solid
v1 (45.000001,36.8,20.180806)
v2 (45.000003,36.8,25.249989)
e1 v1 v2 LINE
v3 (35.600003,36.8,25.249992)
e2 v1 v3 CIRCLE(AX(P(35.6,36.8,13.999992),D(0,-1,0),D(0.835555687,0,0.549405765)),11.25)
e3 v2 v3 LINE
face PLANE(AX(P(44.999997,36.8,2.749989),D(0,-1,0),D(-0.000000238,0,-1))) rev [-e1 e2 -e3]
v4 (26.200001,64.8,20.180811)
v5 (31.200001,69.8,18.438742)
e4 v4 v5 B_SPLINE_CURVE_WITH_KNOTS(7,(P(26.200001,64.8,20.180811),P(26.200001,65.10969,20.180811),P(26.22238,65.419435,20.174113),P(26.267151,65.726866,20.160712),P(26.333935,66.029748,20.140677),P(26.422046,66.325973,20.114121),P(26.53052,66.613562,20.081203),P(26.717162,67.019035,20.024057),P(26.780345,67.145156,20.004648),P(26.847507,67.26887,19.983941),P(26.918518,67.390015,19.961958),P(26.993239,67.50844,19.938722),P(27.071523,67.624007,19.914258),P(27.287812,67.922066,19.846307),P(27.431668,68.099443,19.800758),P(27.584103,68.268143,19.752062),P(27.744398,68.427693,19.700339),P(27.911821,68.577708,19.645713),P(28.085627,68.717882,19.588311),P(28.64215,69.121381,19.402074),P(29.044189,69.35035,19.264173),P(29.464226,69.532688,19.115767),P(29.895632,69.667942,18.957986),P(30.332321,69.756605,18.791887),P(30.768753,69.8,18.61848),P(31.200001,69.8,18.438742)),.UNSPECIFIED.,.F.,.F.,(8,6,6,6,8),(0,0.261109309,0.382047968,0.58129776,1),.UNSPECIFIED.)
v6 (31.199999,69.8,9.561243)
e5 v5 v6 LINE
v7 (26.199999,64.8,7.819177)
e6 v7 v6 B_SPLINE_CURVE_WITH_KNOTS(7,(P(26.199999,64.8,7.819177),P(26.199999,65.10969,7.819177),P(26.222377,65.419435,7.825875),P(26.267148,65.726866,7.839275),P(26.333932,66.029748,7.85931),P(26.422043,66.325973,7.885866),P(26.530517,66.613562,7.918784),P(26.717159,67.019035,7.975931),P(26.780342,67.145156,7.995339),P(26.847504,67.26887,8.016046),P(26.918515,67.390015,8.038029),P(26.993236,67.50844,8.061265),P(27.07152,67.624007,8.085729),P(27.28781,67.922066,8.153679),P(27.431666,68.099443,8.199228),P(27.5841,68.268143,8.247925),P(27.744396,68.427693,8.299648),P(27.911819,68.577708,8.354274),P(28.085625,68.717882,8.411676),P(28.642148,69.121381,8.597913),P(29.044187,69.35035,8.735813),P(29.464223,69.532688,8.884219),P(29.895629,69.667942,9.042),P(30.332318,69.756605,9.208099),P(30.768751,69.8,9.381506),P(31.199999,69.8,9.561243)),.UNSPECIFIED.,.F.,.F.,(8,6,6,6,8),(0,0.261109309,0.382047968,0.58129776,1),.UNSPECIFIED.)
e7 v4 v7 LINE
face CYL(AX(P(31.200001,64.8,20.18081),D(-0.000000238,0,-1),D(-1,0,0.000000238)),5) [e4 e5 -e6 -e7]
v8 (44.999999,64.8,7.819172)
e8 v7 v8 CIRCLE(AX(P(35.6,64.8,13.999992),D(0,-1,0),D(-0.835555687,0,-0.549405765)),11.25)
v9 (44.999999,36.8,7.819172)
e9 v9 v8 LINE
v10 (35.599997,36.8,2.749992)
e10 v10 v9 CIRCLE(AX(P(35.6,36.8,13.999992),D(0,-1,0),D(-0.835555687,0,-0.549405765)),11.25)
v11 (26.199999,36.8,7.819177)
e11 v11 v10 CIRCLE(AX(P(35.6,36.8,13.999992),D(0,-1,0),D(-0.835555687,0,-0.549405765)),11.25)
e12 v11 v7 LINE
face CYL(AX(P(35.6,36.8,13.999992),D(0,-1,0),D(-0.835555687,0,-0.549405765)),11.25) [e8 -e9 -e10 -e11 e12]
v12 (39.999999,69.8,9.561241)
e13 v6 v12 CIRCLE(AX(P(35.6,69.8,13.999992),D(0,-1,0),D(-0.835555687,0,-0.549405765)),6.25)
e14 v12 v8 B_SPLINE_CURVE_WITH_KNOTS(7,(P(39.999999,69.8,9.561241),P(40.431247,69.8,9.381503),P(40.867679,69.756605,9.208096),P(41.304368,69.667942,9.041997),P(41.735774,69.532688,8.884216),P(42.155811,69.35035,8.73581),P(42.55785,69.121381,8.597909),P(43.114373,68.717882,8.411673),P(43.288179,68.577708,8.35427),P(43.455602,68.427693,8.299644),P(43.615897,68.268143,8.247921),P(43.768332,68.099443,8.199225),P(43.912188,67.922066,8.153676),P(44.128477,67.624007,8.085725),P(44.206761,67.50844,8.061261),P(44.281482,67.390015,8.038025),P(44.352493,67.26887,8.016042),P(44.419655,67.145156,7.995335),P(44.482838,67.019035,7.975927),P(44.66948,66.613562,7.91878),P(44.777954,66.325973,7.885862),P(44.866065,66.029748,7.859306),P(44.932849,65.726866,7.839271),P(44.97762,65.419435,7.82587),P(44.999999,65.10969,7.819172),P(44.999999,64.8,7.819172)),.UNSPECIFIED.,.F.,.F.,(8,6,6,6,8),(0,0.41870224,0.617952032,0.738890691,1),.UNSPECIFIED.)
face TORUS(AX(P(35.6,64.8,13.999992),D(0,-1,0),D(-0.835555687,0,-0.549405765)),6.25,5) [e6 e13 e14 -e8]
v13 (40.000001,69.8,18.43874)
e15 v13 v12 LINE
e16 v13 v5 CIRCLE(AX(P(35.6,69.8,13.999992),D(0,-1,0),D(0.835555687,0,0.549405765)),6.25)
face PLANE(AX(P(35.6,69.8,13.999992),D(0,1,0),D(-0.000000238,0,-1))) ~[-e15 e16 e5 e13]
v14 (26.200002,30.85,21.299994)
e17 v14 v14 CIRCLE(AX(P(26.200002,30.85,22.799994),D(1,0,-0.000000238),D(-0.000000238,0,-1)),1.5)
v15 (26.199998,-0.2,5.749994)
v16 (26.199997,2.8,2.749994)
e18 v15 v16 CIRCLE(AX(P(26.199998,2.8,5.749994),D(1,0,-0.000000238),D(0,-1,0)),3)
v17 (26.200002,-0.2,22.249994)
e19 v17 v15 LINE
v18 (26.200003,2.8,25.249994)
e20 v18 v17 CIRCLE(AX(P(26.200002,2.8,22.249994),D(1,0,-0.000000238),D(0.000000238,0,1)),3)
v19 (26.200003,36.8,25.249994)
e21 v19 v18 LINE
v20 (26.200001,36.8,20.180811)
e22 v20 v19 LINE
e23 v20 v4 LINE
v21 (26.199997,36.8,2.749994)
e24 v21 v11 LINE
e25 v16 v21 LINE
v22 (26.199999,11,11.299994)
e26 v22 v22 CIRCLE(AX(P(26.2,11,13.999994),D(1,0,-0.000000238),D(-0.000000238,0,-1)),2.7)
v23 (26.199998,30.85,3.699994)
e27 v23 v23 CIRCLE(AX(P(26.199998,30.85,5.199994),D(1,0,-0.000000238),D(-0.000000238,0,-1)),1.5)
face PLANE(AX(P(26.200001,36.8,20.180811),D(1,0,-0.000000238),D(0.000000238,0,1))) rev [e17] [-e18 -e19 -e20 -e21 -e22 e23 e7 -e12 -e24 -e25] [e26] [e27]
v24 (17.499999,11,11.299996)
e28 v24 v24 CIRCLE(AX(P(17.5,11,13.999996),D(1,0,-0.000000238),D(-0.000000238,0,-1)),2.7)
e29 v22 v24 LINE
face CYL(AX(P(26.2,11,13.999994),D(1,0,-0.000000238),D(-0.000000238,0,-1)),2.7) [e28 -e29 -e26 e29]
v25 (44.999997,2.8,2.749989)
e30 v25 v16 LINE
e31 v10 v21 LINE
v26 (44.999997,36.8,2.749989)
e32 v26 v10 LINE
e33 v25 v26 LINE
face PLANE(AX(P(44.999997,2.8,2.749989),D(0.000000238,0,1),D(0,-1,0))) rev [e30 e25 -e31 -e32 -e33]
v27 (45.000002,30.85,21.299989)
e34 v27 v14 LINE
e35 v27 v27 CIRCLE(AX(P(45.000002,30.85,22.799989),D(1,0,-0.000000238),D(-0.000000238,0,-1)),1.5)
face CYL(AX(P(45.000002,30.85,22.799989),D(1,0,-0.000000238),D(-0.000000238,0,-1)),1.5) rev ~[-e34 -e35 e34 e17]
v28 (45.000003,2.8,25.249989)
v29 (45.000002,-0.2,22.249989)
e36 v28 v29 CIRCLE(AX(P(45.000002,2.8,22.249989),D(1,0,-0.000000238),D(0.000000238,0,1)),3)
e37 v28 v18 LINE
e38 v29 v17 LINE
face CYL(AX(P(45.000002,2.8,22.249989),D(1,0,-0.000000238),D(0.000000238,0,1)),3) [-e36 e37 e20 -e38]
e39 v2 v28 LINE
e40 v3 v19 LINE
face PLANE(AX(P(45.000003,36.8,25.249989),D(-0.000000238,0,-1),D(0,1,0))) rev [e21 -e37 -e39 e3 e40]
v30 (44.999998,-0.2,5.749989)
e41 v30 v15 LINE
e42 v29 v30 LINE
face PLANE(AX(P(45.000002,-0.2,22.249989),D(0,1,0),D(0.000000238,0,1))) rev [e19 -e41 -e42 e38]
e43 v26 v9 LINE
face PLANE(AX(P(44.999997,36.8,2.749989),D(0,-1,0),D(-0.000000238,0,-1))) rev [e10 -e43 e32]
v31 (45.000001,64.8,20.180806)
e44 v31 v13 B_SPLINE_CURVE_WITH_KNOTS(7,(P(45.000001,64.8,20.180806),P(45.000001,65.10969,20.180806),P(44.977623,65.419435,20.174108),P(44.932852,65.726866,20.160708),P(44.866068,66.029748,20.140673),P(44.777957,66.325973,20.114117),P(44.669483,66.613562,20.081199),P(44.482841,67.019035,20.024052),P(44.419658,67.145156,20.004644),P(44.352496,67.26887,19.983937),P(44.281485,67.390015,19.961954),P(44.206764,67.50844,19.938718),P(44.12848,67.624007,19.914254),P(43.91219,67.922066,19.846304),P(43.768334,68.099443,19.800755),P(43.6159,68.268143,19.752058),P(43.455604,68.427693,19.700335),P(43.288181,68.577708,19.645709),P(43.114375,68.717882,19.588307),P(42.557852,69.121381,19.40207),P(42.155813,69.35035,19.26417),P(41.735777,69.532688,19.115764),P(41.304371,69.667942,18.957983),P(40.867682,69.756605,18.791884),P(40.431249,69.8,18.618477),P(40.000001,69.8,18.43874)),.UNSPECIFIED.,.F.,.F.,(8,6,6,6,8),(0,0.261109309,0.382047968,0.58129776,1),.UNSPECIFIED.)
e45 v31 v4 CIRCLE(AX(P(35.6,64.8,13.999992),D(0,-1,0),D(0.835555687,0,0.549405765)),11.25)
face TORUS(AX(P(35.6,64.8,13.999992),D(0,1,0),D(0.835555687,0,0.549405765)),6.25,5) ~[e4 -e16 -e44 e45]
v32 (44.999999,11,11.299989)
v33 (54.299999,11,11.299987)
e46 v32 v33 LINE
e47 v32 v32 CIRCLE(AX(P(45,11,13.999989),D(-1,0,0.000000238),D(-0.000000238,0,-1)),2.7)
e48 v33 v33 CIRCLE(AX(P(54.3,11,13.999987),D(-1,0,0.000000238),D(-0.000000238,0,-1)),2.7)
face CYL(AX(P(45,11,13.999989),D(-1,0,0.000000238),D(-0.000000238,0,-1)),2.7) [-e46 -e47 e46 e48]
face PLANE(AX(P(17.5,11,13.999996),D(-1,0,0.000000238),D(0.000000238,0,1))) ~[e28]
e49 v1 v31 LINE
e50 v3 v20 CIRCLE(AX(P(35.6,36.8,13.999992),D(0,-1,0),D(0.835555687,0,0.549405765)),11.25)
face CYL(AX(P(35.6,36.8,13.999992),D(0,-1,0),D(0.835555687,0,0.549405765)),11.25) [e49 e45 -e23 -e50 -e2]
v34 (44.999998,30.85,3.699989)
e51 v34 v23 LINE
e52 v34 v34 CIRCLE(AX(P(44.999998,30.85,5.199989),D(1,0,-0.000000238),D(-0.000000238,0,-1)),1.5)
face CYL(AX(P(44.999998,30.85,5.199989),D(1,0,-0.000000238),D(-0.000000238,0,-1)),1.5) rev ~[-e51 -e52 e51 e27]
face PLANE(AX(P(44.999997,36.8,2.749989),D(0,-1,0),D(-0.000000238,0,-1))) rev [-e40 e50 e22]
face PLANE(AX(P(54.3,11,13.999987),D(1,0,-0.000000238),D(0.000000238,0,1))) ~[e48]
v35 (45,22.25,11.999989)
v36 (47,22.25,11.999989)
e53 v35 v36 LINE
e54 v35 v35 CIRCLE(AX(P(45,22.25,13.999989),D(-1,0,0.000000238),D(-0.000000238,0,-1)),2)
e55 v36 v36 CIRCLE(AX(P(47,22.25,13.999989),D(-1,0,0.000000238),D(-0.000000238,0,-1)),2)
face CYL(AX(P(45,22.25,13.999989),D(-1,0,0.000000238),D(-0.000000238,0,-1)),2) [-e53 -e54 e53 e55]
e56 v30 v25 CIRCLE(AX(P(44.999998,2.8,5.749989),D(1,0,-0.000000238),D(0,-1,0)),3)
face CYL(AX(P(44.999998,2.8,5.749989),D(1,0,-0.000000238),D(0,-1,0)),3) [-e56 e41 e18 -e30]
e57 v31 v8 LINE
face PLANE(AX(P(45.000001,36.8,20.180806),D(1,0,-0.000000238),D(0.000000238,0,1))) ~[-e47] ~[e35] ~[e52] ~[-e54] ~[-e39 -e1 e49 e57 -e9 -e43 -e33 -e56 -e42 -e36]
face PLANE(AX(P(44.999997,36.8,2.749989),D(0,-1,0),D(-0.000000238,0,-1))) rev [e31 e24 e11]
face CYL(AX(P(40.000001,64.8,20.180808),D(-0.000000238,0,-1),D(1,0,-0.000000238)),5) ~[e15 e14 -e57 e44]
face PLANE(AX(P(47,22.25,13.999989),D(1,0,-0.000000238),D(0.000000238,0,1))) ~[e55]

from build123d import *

# Parameters (mm, degrees)
SKETCH020_R             = 1.5
PAD012_DEPTH            = 18.8
SKETCH022_R             = 2.7
PAD010_DEPTH            = 8.7
SKETCH023_R             = 2.7
PAD011_DEPTH            = 9.3
PAD003_DEPTH            = 33
FILLET001_R             = 5
SKETCH021_R             = 2
PAD013_DEPTH            = 2
BODY005_PLACEMENT_ANGLE = 90


with BuildPart() as motores_tt:
    # Sketch020 → Pad012 (new body)
    with BuildSketch(Plane.XY):
        with BuildLine():
            Line((-8.25, -11.2), (8.25, -11.2))
            ThreePointArc((8.25, -11.2), (10.3713203436, -10.3213203436), (11.25, -8.2))
            Line((11.25, -8.2), (11.25, 25.8))
            Line((11.25, 25.8), (-11.25, 25.8))
            Line((-11.25, 25.8), (-11.25, -8.2))
            ThreePointArc((-11.25, -8.2), (-10.3713203436, -10.3213203436), (-8.25, -11.2))
        make_face()
        with Locations((-8.8, 19.85)):
            Circle(SKETCH020_R, mode=Mode.SUBTRACT)
        with Locations((8.8, 19.85)):
            Circle(SKETCH020_R, mode=Mode.SUBTRACT)
    extrude(amount=PAD012_DEPTH)

    # Sketch022 (on Face10 of Pad012) → Pad010 (join)
    with BuildSketch(Plane.XY.offset(18.8)):
        Circle(SKETCH022_R)
    extrude(amount=PAD010_DEPTH)

    # Sketch023 (on Face4 of Pad010) → Pad011 (join)
    with BuildSketch(Plane(origin=(0, 0, 0), x_dir=(1, 0, 0), z_dir=(0, 0, -1))):
        Circle(SKETCH023_R)
    extrude(amount=PAD011_DEPTH)

    # Sketch024 (on Face8 of Pad011) → Pad003 (join)
    with BuildSketch(Plane(origin=(0, 25.8, 0), x_dir=(-1, 0, 0), z_dir=(0, 1, 0))):
        with BuildLine():
            ThreePointArc((6.1808170981, 0), (11.25, 9.4), (6.1808170981, 18.8))
            Line((6.1808170981, 18.8), (-6.1808170981, 18.8))
            ThreePointArc((-6.1808170981, 18.8), (-11.25, 9.4), (-6.1808170981, 0))
            Line((6.1808170981, 0), (-6.1808170981, 0))
        make_face()
    extrude(amount=PAD003_DEPTH)

    # Fillet001
    fillet001_edges = [motores_tt.edges().sort_by_distance(p)[0] for p in [
        (-11.25, 58.8, 9.4),
        (0, 58.8, 18.8),
        (11.25, 58.8, 9.4),
        (0, 58.8, 0),
    ]]
    fillet(fillet001_edges, radius=FILLET001_R)

    # Sketch021 (on Face4 of Fillet001) → Pad013 (join)
    with BuildSketch(Plane(origin=(0, 0, 0), x_dir=(1, 0, 0), z_dir=(0, 0, -1))):
        with Locations((0, -11.25)):
            Circle(SKETCH021_R)
    extrude(amount=PAD013_DEPTH)


with BuildPart() as motores_tt_1:
    # Body005 placement: moved
    add(motores_tt.part.moved(Location((-45, 11, 14))).rotate(Axis((-45, 11, 14), (0, 1, 0)), BODY005_PLACEMENT_ANGLE))


with BuildPart() as part_mirroring:
    # Part__Mirroring: instance of Motores_TT
    add(motores_tt_1.part.mirror(Plane(origin=(0, 34.7999992371, 13.9999961853), x_dir=(0, -1, 0), z_dir=(1, 0, -1.192e-07))))


solid = part_mirroring.part
